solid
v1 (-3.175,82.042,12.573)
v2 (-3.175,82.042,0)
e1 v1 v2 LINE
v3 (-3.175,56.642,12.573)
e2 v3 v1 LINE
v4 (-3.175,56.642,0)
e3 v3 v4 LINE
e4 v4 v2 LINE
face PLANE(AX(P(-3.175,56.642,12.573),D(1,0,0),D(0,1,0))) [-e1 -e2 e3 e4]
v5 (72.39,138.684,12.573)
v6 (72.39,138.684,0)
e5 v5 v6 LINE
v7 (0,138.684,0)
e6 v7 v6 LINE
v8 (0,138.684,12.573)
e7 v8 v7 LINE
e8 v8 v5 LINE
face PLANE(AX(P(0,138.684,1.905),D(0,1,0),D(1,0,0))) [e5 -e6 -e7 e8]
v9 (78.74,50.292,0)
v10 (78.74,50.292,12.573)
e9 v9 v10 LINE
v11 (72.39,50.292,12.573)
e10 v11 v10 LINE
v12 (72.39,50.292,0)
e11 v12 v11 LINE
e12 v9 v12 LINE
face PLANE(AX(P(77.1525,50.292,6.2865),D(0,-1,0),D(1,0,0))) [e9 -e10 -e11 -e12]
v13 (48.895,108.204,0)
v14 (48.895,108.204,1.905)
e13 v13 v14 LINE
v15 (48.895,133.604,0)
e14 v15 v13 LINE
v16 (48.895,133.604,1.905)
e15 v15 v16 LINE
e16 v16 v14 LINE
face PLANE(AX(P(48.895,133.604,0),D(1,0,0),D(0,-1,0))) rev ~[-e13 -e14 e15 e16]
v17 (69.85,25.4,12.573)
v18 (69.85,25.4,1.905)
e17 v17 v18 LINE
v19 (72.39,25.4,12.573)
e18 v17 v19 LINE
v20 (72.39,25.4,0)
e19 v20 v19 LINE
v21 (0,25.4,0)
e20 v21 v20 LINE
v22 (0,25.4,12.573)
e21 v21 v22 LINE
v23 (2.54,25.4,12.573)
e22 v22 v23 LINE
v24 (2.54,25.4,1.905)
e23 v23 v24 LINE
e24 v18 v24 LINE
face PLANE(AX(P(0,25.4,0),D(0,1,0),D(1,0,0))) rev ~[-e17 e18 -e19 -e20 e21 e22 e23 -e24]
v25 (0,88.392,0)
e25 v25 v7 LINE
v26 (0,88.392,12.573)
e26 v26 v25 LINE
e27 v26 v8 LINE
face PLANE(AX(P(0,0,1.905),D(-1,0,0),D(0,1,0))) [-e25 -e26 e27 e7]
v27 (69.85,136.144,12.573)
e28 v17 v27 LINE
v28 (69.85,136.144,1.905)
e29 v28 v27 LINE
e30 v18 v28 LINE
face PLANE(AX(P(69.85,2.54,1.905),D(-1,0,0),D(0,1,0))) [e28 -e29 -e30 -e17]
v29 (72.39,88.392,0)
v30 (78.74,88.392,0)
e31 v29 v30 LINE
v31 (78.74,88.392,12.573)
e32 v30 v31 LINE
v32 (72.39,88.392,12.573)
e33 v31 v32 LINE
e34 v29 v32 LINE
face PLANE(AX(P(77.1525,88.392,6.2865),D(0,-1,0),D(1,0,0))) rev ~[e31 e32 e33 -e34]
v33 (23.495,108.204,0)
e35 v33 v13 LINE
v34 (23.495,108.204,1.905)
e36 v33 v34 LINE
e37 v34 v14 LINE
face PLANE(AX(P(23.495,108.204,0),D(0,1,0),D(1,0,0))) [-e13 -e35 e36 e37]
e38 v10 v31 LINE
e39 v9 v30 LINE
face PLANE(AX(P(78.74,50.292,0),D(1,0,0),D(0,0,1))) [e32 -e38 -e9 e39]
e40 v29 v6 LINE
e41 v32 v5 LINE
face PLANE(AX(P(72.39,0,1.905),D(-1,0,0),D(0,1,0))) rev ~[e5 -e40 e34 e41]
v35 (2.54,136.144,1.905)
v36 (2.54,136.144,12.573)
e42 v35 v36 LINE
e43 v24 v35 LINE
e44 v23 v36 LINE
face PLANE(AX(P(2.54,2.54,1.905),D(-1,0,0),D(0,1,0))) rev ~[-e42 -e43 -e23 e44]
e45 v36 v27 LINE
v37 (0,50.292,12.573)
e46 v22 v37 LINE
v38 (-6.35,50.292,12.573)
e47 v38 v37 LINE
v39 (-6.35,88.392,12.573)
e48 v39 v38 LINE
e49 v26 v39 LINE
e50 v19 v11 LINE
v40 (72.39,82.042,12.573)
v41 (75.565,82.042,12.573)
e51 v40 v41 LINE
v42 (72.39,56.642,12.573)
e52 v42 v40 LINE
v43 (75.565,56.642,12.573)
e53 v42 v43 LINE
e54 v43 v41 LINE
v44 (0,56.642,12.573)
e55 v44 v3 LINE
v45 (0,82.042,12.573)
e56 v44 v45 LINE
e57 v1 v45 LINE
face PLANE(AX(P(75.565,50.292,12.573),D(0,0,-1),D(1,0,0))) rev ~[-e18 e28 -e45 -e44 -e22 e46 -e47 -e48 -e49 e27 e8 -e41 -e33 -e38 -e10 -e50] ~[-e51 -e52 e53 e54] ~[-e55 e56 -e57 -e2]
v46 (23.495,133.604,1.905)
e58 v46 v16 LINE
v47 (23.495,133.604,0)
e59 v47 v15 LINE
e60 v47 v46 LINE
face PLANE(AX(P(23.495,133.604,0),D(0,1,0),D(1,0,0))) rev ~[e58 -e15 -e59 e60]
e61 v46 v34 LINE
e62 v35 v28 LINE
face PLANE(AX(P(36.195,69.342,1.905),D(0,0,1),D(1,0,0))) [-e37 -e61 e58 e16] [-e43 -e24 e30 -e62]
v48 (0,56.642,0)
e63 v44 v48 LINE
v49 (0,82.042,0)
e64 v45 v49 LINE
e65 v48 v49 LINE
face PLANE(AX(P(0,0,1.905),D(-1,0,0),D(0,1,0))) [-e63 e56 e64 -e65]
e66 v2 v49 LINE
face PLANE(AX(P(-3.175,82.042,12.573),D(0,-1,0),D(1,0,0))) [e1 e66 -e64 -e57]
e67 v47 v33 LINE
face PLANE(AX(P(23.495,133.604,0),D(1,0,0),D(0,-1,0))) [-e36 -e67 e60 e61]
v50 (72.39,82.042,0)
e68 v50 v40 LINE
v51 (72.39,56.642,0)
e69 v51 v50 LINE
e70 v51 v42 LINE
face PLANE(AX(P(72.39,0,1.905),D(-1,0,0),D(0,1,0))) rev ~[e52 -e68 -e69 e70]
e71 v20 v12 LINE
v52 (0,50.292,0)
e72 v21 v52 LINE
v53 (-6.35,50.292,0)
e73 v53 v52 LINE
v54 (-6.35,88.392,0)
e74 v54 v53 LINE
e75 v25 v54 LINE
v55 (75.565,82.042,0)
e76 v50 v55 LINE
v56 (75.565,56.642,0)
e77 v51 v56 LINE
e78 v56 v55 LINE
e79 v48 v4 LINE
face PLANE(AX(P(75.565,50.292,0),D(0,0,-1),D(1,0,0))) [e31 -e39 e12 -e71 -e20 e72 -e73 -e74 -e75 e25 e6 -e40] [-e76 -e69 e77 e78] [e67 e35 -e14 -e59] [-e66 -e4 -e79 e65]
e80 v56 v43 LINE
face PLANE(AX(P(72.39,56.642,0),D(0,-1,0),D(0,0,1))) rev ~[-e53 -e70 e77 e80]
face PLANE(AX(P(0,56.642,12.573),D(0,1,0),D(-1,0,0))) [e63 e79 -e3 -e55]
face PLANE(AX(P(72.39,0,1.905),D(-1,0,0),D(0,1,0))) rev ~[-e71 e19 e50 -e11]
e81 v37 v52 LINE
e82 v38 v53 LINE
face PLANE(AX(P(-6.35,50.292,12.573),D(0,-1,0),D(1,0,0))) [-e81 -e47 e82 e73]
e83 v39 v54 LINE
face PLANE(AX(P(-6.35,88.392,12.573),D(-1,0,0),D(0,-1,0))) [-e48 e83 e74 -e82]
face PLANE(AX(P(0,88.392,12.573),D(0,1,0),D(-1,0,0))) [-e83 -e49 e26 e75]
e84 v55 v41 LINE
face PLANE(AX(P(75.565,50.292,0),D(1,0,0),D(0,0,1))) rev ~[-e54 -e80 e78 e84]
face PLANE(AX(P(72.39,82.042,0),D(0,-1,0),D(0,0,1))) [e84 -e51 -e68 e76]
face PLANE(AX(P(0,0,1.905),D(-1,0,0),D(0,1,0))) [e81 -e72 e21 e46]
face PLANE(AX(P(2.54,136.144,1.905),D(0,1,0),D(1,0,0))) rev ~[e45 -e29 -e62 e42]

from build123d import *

# Parameters (mm, degrees)
F0_W      = 72.39
F0_H      = 138.684
F1_DEPTH  = 1.905
F2_W      = 72.39
F2_H      = 138.684
F2_W_2    = 67.31
F2_H_2    = 133.604
F3_DEPTH  = 10.668
F4_W      = 25.4
F4_H      = 25.4
F5_DEPTH  = 1.905
F6_W      = 6.35
F6_H      = 12.573
F7_DEPTH  = 3.175
F8_W      = 3.175
F8_H      = 12.573
F9_DEPTH  = 38.1
F10_W     = 3.175
F10_H     = 25.4
F11_DEPTH = 12.573
F12_W     = 72.39
F12_H     = 25.4
F13_DEPTH = 12.574


with BuildPart() as f1:
    # F0 (on Top) → F1 (new body)
    with BuildSketch(Plane.XY):
        with Locations((36.195, 69.342)):
            Rectangle(F0_W, F0_H)
    extrude(amount=F1_DEPTH)

    # F2 (on face) → F3 (join)
    with BuildSketch(Plane.XY.offset(1.905)):
        with Locations((36.195, 69.342)):
            Rectangle(F2_W, F2_H)
        with Locations((36.195, 69.342)):
            Rectangle(F2_W_2, F2_H_2, mode=Mode.SUBTRACT)
    extrude(amount=F3_DEPTH)

    # F4 (on face) → F5 (cut, through all)
    with BuildSketch(Plane(origin=(0, 0, 0), x_dir=(1, 0, 0), z_dir=(0, 0, -1))):
        with Locations((36.195, -120.904)):
            Rectangle(F4_W, F4_H)
    extrude(amount=-F5_DEPTH, mode=Mode.SUBTRACT)

    # F6 (on face) → F7 (join)
    with BuildSketch(Plane.YZ.offset(72.39)):
        with Locations((53.467, 6.2865)):
            Rectangle(F6_W, F6_H)
        with Locations((85.217, 6.2865)):
            Rectangle(F6_W, F6_H)
    extrude(amount=F7_DEPTH)

    # F8 (on face) → F9 (join, through all)
    with BuildSketch(Plane.XZ.offset(-50.292)):
        with Locations((77.1525, 6.2865)):
            Rectangle(F8_W, F8_H)
    extrude(amount=-F9_DEPTH)

    # F10 (on face) → F11 (join, through all)
    with BuildSketch(Plane.XY.offset(12.573)):
        Polygon((0, 82.042), (0, 88.392), (-6.35, 88.392), (-6.35, 82.042), (-3.175, 82.042), align=None)
        with Locations((-4.7625, 69.342)):
            Rectangle(F10_W, F10_H)
        Polygon((-3.175, 56.642), (-6.35, 56.642), (-6.35, 50.292), (0, 50.292), (0, 56.642), align=None)
    extrude(amount=-F11_DEPTH)

    # F12 (on face) → F13 (cut, through all)
    with BuildSketch(Plane(origin=(0, 0, 0), x_dir=(1, 0, 0), z_dir=(0, 0, -1))):
        with Locations((36.195, -12.7)):
            Rectangle(F12_W, F12_H)
    extrude(amount=-F13_DEPTH, mode=Mode.SUBTRACT)


solid = f1.part
